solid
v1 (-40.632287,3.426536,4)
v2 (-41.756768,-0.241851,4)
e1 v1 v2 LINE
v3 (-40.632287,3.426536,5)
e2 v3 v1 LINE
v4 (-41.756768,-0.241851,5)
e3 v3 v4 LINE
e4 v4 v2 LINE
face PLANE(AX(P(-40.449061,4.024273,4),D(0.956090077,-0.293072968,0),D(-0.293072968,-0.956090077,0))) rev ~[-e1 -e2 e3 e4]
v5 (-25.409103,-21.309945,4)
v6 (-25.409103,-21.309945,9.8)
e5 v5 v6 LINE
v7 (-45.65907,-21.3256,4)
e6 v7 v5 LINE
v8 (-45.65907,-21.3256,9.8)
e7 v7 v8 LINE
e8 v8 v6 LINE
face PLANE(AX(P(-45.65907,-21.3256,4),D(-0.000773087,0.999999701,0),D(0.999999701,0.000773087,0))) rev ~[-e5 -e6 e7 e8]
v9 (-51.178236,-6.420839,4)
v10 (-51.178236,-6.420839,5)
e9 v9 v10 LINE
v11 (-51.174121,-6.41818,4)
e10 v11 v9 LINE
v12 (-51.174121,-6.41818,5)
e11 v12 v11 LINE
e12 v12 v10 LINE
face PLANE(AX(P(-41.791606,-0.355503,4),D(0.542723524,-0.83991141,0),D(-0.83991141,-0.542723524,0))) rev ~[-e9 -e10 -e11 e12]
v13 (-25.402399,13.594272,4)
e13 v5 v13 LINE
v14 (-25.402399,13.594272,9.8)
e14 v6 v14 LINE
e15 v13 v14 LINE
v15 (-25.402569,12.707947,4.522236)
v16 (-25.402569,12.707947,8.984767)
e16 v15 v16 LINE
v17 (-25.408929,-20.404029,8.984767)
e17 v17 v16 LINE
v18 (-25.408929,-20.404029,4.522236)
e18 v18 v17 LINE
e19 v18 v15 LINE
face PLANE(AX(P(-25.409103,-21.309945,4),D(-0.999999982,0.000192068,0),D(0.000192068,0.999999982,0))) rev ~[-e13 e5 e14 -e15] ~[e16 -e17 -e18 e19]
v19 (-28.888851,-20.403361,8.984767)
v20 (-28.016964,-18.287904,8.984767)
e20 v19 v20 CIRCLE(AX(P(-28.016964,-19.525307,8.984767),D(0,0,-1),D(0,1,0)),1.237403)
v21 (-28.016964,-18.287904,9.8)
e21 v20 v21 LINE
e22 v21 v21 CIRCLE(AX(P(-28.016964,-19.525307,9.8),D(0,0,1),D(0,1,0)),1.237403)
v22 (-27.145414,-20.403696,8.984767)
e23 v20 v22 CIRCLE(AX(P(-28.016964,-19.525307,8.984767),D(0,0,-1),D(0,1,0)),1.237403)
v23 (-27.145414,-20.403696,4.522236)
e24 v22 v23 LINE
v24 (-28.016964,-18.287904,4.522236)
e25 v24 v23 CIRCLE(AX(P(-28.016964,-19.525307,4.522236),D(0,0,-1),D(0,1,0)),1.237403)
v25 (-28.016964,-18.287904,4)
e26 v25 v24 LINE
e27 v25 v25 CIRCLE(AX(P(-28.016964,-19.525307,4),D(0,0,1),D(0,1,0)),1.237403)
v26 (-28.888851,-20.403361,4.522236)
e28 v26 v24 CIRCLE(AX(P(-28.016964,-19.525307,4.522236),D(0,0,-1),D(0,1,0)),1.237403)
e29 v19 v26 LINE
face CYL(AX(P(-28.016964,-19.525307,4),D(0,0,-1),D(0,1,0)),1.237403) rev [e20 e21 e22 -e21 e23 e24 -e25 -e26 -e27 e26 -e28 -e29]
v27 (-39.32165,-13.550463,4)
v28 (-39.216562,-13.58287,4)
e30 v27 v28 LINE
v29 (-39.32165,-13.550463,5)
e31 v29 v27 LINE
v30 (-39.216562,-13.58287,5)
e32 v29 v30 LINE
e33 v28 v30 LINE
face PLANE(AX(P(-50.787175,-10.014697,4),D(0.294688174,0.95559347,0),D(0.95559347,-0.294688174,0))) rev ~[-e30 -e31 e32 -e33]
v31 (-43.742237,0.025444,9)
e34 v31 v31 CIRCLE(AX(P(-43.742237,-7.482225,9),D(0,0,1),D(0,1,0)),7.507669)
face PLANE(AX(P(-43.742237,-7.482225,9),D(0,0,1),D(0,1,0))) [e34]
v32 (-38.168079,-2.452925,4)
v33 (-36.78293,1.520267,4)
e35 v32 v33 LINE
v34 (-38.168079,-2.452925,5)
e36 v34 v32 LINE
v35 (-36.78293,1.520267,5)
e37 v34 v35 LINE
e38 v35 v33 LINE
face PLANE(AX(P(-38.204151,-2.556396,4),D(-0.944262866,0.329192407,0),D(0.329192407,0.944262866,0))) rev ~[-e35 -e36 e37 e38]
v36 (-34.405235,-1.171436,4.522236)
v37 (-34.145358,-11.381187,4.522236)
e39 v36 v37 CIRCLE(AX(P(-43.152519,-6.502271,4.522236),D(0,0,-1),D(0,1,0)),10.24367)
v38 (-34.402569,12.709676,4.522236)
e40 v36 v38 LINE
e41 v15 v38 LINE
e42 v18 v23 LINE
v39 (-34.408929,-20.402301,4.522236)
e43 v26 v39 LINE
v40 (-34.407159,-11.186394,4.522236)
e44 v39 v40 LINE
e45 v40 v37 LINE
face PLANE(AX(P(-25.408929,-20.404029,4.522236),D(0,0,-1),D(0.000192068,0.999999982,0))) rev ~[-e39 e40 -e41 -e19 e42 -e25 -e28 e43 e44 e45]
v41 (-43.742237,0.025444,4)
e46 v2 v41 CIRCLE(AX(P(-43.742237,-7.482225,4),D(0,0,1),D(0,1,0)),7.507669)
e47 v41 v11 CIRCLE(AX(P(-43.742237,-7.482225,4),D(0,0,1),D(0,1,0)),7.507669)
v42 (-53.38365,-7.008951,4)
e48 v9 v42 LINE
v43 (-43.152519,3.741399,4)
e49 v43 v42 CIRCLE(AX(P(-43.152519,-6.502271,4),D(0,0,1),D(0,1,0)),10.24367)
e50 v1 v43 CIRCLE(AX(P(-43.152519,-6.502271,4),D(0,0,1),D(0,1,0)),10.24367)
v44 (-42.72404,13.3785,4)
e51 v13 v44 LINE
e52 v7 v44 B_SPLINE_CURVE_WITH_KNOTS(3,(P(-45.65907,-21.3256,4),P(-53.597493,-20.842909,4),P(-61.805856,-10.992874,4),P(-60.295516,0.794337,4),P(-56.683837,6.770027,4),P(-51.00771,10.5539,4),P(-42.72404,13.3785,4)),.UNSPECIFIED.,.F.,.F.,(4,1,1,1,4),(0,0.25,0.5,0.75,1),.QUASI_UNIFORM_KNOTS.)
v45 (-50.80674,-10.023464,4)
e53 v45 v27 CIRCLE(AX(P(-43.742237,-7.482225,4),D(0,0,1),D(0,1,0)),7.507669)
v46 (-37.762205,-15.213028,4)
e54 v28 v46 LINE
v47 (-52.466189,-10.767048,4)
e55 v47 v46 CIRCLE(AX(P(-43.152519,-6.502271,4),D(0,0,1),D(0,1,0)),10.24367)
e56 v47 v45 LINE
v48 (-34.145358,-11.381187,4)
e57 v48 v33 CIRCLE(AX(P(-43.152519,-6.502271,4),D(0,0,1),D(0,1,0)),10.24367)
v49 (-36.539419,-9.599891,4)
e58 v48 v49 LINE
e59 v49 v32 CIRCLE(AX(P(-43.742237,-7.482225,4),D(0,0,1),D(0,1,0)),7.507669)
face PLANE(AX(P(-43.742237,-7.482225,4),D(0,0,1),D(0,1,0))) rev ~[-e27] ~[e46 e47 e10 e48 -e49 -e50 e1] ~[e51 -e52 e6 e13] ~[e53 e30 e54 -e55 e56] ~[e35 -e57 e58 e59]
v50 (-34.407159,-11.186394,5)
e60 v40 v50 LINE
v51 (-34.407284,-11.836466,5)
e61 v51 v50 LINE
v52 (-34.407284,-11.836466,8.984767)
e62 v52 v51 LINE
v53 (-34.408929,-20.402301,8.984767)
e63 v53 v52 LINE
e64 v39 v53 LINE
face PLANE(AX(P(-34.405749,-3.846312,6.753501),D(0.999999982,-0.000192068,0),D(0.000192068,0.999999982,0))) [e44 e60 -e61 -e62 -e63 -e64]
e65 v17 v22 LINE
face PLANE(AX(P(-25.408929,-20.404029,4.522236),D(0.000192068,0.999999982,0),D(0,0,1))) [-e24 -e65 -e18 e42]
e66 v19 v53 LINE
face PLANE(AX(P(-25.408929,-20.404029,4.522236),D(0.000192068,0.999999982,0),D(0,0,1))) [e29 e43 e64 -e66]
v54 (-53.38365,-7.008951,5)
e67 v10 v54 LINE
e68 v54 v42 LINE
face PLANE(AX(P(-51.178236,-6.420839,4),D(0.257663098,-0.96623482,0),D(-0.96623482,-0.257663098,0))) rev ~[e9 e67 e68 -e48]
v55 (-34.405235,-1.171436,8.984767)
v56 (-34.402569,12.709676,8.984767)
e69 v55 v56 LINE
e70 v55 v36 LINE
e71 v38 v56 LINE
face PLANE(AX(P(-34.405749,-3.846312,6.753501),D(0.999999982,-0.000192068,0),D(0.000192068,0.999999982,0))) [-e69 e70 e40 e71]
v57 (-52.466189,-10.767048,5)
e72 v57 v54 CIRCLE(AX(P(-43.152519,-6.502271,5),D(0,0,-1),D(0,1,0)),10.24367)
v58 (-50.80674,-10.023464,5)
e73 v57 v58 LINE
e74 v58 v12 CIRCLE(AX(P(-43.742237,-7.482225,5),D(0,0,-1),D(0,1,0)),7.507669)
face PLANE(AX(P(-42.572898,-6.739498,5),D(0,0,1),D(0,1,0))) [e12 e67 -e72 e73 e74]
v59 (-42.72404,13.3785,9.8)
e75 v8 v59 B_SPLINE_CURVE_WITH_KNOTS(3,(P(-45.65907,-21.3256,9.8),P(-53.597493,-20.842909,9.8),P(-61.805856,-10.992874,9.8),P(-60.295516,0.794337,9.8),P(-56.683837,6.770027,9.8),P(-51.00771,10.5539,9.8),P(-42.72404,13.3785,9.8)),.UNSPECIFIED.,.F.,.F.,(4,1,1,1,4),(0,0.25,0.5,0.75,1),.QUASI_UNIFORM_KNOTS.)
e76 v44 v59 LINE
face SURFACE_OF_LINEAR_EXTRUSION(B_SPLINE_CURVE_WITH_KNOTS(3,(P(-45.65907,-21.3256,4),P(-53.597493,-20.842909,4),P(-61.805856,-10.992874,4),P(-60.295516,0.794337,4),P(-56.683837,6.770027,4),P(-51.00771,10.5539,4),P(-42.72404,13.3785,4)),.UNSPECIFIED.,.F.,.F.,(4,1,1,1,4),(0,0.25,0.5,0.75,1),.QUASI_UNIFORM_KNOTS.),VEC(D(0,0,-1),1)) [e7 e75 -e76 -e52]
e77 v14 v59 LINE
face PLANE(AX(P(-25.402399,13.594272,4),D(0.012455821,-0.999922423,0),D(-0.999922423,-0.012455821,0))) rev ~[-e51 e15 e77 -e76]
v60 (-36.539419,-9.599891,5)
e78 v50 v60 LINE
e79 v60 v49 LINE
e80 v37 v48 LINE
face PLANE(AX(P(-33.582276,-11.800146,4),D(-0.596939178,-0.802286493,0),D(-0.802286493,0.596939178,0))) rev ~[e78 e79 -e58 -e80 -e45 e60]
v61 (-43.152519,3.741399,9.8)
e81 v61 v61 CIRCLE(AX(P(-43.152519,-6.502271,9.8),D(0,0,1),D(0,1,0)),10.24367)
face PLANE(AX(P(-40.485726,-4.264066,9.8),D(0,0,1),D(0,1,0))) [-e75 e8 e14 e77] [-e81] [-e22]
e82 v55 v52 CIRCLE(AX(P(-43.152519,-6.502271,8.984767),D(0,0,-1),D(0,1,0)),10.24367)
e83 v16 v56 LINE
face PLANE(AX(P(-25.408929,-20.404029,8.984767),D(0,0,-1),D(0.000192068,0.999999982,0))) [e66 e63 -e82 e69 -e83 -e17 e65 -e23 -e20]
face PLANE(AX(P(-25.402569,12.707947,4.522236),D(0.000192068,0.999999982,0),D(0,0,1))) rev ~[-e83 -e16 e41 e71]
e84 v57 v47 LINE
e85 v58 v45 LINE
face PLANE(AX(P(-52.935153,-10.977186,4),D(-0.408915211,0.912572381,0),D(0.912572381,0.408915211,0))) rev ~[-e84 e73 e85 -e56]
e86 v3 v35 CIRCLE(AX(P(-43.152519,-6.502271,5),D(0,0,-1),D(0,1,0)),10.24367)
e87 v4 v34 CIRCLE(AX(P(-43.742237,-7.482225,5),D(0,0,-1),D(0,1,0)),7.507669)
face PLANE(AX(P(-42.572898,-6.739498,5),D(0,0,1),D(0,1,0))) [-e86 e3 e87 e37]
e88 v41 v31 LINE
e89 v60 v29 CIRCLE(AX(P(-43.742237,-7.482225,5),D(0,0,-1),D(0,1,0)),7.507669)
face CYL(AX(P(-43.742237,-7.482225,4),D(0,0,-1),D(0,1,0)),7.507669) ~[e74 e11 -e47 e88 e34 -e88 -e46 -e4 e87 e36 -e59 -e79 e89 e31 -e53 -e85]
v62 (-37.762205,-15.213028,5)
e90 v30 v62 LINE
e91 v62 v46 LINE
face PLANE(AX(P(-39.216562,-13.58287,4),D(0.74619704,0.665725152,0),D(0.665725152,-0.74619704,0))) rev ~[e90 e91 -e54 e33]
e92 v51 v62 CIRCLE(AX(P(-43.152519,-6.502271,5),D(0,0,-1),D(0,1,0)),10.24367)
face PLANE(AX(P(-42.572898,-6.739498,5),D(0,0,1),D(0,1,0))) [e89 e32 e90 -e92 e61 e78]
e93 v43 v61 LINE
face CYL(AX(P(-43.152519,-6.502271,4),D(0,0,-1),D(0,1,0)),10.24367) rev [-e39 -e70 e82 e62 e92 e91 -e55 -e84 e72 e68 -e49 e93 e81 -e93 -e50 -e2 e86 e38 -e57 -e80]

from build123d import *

# Parameters (mm, degrees)
SKETCH006_R             = 10.24367
SKETCH006_R_2           = 1.237403
PAD005_DEPTH            = 5.8
PAD006_DEPTH            = 1
SKETCH008_R             = 7.5076691177
PAD007_DEPTH            = 5
SKETCH009_W             = 33.111977
SKETCH009_H             = 4.462531
POCKET001_DEPTH         = 9
BODY001_PLACEMENT_ANGLE = 90


with BuildPart() as part:
    # Sketch006 → Pad005 (new body)
    with BuildSketch(Plane.XY):
        with BuildLine():
            Line((-18.4256, -1.34093), (-18.409945, -21.590897))
            Line((-18.409945, -21.590897), (16.494272, -21.597601))
            Line((16.494272, -21.597601), (16.2785, -4.27596))
            add(Edge.make_bspline(
                [(-18.4256, -1.34093), (-17.942909, 6.597493), (-8.092874, 14.805856), (3.694337, 13.295516), (9.670027, 9.683837), (13.4539, 4.00771), (16.2785, -4.27596)],
                knots=[0, 0, 0, 0, 0.25, 0.5, 0.75, 1, 1, 1, 1], degree=3))
        make_face()
        with Locations((-3.602271, -3.847481)):
            Circle(SKETCH006_R, mode=Mode.SUBTRACT)
        with Locations((-16.625307, -18.983036)):
            Circle(SKETCH006_R_2, mode=Mode.SUBTRACT)
    extrude(amount=PAD005_DEPTH)

    # Sketch007 → Pad006 (join)
    with BuildSketch(Plane.XY):
        Polygon((-8.077186, 5.935153), (-7.114697, 3.787175), (-10.68287, -7.783438), (-12.927779, -9.78625), (-8.900146, -13.417724), (-6.14903, -9.720223), (0.343604, -8.795849), (5.141551, -10.468527), (6.924273, -6.550939), (2.544497, -5.208394), (-3.520839, 4.178236), (-4.27353, 7.000822), align=None)
    extrude(amount=PAD006_DEPTH)

    # Sketch008 → Pad007 (join)
    with BuildSketch(Plane.XY):
        with Locations((-4.582225, -3.257763)):
            Circle(SKETCH008_R)
    extrude(amount=PAD007_DEPTH)

    # Sketch009 (on Face3 of Pad007) → Pocket001 (cut)
    with BuildSketch(Plane(origin=(-0.0041476098, -21.5944321736, 0), x_dir=(0.9999999816, -0.0001920685, 0), z_dir=(-0.0001920685, -0.9999999816, 0))):
        with Locations((-0.9438935, 2.7535015)):
            Rectangle(SKETCH009_W, SKETCH009_H)
    extrude(amount=-POCKET001_DEPTH, mode=Mode.SUBTRACT)


with BuildPart() as part_1:
    # Body001 placement: moved
    add(part.part.moved(Location((-47, -2.9, 4))).rotate(Axis((-47, -2.9, 4), (0, 0, 1)), BODY001_PLACEMENT_ANGLE))


solid = part_1.part
